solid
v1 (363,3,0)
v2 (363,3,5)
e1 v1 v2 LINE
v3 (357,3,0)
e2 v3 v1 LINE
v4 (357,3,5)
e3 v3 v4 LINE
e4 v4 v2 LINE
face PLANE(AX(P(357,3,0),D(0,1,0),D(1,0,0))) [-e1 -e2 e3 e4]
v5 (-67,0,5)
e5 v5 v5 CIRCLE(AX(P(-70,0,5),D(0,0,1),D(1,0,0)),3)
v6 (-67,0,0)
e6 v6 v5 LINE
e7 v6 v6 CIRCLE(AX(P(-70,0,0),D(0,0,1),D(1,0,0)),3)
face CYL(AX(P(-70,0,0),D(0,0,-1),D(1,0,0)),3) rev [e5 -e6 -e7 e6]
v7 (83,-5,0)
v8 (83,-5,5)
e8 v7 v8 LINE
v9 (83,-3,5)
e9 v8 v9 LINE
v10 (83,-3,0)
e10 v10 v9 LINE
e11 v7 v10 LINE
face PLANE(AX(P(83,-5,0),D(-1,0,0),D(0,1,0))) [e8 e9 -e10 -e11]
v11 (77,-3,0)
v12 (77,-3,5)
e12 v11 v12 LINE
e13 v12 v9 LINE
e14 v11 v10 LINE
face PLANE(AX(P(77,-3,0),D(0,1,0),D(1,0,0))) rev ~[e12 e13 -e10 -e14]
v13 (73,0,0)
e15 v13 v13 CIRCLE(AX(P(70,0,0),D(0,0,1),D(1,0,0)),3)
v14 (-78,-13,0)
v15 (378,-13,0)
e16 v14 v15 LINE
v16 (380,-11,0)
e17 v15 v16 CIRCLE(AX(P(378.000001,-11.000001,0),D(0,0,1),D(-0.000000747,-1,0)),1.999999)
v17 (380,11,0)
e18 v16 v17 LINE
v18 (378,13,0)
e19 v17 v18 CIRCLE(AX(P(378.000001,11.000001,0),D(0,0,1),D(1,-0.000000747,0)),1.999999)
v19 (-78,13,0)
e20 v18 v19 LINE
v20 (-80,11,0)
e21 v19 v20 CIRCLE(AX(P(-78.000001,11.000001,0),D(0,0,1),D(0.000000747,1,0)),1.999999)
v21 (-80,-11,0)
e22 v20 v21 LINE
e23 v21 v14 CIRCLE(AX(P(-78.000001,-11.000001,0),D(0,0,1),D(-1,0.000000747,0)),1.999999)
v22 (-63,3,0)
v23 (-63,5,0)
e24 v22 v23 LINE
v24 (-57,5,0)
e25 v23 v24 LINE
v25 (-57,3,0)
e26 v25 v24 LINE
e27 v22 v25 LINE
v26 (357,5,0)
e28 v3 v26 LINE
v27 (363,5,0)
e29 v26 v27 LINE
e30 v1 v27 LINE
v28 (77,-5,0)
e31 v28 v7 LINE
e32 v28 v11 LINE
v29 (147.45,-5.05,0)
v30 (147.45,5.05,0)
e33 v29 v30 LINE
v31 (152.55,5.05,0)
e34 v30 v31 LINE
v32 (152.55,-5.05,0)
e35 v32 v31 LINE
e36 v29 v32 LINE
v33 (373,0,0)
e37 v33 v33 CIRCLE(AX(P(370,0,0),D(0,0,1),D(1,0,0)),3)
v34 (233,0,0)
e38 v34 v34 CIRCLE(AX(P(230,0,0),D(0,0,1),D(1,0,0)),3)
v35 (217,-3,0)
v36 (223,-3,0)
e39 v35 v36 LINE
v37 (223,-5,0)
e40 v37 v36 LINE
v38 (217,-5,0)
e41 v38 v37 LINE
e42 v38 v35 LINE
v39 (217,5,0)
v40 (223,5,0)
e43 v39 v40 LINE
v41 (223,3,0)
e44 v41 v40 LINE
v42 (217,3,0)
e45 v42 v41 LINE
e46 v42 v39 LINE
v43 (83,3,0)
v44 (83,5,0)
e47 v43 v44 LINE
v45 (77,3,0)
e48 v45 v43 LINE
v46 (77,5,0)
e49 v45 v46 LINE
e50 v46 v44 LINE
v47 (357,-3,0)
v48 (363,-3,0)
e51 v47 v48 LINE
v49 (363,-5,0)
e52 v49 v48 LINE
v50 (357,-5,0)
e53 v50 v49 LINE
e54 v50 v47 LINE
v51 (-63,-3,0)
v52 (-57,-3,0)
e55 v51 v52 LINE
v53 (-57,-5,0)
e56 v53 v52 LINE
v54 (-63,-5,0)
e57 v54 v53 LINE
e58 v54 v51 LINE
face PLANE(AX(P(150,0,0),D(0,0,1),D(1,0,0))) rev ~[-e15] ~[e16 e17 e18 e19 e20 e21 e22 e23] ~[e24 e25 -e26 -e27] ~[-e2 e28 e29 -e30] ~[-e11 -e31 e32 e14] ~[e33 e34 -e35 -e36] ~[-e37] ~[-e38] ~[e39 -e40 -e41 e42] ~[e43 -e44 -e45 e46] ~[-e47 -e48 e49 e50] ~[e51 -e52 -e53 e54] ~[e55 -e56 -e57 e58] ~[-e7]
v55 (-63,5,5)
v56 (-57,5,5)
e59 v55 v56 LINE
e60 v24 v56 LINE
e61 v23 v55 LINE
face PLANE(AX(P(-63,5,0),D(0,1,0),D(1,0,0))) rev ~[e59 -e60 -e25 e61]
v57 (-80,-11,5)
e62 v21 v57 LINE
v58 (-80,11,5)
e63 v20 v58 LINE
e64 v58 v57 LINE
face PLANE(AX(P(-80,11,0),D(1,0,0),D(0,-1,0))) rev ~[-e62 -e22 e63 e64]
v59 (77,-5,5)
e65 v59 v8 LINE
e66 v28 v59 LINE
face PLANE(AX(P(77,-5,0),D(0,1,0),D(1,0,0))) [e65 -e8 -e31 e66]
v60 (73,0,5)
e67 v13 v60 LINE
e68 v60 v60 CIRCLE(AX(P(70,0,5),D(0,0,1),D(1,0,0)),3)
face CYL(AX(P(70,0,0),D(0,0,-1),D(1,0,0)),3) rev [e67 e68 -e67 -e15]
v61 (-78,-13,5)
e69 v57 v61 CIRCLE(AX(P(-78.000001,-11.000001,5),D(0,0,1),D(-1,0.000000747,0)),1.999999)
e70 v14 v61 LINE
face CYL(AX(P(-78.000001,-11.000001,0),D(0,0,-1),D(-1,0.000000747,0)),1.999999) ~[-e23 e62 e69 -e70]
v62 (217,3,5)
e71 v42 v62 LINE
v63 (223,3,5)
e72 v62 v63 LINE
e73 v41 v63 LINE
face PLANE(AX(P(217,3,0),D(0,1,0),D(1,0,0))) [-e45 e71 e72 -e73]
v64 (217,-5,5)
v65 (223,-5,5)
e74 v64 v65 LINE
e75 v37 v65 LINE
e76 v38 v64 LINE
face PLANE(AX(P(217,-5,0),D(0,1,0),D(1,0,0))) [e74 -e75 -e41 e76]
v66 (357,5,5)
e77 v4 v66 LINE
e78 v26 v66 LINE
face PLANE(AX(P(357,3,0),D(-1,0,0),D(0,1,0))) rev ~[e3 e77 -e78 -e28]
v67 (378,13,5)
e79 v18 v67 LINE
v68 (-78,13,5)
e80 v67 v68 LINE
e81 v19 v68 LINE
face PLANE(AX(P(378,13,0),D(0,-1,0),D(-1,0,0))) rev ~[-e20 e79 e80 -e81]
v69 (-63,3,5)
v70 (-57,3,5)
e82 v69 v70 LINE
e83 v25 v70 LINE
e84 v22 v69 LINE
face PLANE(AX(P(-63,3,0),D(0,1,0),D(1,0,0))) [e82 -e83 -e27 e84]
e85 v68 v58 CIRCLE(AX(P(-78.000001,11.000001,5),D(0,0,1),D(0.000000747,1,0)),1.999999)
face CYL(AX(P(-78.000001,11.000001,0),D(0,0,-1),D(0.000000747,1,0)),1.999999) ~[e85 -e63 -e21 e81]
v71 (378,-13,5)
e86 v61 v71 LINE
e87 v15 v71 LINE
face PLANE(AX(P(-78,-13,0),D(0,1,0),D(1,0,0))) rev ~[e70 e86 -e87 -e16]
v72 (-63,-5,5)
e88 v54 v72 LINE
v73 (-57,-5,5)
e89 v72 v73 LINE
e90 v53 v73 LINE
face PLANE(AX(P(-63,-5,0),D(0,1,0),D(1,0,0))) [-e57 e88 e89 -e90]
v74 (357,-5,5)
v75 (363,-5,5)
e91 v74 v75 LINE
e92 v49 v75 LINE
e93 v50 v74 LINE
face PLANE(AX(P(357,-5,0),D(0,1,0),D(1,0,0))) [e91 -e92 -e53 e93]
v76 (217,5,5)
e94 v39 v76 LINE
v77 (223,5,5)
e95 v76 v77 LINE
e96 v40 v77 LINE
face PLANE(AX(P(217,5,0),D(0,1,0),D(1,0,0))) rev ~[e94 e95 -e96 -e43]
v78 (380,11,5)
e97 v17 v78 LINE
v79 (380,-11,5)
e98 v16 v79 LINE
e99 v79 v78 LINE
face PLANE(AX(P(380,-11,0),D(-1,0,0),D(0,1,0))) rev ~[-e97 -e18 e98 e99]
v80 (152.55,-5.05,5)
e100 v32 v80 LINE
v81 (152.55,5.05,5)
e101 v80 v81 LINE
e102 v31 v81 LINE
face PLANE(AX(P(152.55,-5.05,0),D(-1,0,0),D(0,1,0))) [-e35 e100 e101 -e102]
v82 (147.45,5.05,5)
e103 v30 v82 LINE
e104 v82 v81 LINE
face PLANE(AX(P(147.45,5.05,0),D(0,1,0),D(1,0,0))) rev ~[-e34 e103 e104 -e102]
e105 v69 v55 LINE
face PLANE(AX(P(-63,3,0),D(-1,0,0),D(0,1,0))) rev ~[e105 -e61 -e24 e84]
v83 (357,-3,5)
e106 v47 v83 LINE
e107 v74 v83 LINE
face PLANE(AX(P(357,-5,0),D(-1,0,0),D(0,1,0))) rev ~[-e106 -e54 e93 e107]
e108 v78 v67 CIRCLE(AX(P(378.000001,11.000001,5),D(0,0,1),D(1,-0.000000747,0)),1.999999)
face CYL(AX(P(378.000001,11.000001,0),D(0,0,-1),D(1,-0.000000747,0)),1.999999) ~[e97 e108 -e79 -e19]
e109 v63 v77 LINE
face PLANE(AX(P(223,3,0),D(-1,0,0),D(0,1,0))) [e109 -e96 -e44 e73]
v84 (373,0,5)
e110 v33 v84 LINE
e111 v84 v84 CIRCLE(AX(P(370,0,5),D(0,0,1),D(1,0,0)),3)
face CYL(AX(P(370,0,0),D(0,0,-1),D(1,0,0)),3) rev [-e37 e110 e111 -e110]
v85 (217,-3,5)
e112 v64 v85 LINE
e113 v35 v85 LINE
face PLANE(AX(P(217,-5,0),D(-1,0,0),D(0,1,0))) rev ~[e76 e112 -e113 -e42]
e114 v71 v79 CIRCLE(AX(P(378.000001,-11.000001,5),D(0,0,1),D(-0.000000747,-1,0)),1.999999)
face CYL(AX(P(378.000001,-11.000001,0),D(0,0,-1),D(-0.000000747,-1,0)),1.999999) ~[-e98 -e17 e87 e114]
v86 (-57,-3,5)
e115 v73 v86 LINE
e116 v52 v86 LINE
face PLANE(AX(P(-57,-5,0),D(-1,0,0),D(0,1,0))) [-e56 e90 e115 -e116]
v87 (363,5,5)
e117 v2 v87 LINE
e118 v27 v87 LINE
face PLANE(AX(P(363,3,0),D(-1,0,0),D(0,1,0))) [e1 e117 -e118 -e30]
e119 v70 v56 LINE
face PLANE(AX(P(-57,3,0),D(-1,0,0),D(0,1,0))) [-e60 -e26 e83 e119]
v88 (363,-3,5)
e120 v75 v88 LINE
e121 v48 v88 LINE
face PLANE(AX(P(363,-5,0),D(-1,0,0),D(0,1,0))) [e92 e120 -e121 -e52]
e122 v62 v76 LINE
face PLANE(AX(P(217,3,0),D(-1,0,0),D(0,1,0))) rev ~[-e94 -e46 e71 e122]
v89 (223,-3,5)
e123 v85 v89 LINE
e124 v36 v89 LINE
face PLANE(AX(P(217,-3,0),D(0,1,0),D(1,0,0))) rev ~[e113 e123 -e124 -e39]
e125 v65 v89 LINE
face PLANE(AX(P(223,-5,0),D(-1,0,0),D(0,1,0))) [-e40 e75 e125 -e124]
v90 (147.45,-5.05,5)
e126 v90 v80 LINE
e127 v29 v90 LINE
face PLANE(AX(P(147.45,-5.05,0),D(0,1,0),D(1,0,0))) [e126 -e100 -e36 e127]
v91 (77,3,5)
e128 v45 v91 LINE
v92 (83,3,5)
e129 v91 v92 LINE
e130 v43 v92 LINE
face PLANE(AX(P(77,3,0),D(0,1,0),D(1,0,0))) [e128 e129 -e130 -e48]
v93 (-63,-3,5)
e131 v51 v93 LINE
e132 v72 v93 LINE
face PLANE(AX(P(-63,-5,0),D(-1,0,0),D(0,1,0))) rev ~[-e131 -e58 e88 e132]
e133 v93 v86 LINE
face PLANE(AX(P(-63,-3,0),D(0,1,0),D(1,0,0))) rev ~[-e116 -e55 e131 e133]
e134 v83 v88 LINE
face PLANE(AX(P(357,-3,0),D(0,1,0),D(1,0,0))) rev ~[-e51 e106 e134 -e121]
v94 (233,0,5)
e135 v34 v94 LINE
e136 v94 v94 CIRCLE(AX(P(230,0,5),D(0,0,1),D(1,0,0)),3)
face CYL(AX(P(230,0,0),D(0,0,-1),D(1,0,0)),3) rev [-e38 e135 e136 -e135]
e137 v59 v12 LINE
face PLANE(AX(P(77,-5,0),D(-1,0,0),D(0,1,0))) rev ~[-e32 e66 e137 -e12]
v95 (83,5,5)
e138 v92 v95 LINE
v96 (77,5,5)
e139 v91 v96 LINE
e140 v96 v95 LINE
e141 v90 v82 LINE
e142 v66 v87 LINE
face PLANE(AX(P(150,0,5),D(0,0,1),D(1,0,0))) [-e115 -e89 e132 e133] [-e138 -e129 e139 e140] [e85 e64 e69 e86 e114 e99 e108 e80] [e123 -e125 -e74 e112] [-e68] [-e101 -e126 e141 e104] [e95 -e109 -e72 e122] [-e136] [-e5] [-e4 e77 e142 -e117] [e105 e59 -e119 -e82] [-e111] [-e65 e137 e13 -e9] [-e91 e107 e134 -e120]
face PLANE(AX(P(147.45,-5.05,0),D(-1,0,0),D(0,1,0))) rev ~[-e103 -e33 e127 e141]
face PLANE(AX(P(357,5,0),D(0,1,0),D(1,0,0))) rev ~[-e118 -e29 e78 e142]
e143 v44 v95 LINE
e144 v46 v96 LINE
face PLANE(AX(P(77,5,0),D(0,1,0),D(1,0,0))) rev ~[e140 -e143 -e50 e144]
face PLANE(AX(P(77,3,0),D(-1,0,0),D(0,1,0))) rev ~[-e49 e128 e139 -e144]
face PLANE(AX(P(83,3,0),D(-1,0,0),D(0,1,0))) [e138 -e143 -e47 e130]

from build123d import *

# Parameters (mm, degrees)
F0_W     = 6
F0_H     = 2
F0_R     = 3
F0_W_2   = 5.1
F0_H_2   = 10.1
F1_DEPTH = 5


with BuildPart() as f1:
    # F0 (on Top) → F1 (new body)
    with BuildSketch(Plane.XY):
        with BuildLine():
            ThreePointArc((-80, -11), (-79.414214, -12.414214), (-78, -13))
            Line((-78, -13), (378, -13))
            ThreePointArc((378, -13), (379.414214, -12.414214), (380, -11))
            Line((380, -11), (380, 11))
            ThreePointArc((380, 11), (379.414214, 12.414214), (378, 13))
            Line((378, 13), (-78, 13))
            ThreePointArc((-78, 13), (-79.414214, 12.414214), (-80, 11))
            Line((-80, 11), (-80, -11))
        make_face()
        with Locations((-60, -4)):
            Rectangle(F0_W, F0_H, mode=Mode.SUBTRACT)
        with Locations((-70, 0)):
            Circle(F0_R, mode=Mode.SUBTRACT)
        with Locations((80, -4)):
            Rectangle(F0_W, F0_H, mode=Mode.SUBTRACT)
        with Locations((70, 0)):
            Circle(F0_R, mode=Mode.SUBTRACT)
        with Locations((220, -4)):
            Rectangle(F0_W, F0_H, mode=Mode.SUBTRACT)
        with Locations((150, 0)):
            Rectangle(F0_W_2, F0_H_2, mode=Mode.SUBTRACT)
        with Locations((230, 0)):
            Circle(F0_R, mode=Mode.SUBTRACT)
        with Locations((360, -4)):
            Rectangle(F0_W, F0_H, mode=Mode.SUBTRACT)
        with Locations((370, 0)):
            Circle(F0_R, mode=Mode.SUBTRACT)
        with Locations((-60, 4)):
            Rectangle(F0_W, F0_H, mode=Mode.SUBTRACT)
        with Locations((80, 4)):
            Rectangle(F0_W, F0_H, mode=Mode.SUBTRACT)
        with Locations((220, 4)):
            Rectangle(F0_W, F0_H, mode=Mode.SUBTRACT)
        with Locations((360, 4)):
            Rectangle(F0_W, F0_H, mode=Mode.SUBTRACT)
    extrude(amount=F1_DEPTH)


solid = f1.part
